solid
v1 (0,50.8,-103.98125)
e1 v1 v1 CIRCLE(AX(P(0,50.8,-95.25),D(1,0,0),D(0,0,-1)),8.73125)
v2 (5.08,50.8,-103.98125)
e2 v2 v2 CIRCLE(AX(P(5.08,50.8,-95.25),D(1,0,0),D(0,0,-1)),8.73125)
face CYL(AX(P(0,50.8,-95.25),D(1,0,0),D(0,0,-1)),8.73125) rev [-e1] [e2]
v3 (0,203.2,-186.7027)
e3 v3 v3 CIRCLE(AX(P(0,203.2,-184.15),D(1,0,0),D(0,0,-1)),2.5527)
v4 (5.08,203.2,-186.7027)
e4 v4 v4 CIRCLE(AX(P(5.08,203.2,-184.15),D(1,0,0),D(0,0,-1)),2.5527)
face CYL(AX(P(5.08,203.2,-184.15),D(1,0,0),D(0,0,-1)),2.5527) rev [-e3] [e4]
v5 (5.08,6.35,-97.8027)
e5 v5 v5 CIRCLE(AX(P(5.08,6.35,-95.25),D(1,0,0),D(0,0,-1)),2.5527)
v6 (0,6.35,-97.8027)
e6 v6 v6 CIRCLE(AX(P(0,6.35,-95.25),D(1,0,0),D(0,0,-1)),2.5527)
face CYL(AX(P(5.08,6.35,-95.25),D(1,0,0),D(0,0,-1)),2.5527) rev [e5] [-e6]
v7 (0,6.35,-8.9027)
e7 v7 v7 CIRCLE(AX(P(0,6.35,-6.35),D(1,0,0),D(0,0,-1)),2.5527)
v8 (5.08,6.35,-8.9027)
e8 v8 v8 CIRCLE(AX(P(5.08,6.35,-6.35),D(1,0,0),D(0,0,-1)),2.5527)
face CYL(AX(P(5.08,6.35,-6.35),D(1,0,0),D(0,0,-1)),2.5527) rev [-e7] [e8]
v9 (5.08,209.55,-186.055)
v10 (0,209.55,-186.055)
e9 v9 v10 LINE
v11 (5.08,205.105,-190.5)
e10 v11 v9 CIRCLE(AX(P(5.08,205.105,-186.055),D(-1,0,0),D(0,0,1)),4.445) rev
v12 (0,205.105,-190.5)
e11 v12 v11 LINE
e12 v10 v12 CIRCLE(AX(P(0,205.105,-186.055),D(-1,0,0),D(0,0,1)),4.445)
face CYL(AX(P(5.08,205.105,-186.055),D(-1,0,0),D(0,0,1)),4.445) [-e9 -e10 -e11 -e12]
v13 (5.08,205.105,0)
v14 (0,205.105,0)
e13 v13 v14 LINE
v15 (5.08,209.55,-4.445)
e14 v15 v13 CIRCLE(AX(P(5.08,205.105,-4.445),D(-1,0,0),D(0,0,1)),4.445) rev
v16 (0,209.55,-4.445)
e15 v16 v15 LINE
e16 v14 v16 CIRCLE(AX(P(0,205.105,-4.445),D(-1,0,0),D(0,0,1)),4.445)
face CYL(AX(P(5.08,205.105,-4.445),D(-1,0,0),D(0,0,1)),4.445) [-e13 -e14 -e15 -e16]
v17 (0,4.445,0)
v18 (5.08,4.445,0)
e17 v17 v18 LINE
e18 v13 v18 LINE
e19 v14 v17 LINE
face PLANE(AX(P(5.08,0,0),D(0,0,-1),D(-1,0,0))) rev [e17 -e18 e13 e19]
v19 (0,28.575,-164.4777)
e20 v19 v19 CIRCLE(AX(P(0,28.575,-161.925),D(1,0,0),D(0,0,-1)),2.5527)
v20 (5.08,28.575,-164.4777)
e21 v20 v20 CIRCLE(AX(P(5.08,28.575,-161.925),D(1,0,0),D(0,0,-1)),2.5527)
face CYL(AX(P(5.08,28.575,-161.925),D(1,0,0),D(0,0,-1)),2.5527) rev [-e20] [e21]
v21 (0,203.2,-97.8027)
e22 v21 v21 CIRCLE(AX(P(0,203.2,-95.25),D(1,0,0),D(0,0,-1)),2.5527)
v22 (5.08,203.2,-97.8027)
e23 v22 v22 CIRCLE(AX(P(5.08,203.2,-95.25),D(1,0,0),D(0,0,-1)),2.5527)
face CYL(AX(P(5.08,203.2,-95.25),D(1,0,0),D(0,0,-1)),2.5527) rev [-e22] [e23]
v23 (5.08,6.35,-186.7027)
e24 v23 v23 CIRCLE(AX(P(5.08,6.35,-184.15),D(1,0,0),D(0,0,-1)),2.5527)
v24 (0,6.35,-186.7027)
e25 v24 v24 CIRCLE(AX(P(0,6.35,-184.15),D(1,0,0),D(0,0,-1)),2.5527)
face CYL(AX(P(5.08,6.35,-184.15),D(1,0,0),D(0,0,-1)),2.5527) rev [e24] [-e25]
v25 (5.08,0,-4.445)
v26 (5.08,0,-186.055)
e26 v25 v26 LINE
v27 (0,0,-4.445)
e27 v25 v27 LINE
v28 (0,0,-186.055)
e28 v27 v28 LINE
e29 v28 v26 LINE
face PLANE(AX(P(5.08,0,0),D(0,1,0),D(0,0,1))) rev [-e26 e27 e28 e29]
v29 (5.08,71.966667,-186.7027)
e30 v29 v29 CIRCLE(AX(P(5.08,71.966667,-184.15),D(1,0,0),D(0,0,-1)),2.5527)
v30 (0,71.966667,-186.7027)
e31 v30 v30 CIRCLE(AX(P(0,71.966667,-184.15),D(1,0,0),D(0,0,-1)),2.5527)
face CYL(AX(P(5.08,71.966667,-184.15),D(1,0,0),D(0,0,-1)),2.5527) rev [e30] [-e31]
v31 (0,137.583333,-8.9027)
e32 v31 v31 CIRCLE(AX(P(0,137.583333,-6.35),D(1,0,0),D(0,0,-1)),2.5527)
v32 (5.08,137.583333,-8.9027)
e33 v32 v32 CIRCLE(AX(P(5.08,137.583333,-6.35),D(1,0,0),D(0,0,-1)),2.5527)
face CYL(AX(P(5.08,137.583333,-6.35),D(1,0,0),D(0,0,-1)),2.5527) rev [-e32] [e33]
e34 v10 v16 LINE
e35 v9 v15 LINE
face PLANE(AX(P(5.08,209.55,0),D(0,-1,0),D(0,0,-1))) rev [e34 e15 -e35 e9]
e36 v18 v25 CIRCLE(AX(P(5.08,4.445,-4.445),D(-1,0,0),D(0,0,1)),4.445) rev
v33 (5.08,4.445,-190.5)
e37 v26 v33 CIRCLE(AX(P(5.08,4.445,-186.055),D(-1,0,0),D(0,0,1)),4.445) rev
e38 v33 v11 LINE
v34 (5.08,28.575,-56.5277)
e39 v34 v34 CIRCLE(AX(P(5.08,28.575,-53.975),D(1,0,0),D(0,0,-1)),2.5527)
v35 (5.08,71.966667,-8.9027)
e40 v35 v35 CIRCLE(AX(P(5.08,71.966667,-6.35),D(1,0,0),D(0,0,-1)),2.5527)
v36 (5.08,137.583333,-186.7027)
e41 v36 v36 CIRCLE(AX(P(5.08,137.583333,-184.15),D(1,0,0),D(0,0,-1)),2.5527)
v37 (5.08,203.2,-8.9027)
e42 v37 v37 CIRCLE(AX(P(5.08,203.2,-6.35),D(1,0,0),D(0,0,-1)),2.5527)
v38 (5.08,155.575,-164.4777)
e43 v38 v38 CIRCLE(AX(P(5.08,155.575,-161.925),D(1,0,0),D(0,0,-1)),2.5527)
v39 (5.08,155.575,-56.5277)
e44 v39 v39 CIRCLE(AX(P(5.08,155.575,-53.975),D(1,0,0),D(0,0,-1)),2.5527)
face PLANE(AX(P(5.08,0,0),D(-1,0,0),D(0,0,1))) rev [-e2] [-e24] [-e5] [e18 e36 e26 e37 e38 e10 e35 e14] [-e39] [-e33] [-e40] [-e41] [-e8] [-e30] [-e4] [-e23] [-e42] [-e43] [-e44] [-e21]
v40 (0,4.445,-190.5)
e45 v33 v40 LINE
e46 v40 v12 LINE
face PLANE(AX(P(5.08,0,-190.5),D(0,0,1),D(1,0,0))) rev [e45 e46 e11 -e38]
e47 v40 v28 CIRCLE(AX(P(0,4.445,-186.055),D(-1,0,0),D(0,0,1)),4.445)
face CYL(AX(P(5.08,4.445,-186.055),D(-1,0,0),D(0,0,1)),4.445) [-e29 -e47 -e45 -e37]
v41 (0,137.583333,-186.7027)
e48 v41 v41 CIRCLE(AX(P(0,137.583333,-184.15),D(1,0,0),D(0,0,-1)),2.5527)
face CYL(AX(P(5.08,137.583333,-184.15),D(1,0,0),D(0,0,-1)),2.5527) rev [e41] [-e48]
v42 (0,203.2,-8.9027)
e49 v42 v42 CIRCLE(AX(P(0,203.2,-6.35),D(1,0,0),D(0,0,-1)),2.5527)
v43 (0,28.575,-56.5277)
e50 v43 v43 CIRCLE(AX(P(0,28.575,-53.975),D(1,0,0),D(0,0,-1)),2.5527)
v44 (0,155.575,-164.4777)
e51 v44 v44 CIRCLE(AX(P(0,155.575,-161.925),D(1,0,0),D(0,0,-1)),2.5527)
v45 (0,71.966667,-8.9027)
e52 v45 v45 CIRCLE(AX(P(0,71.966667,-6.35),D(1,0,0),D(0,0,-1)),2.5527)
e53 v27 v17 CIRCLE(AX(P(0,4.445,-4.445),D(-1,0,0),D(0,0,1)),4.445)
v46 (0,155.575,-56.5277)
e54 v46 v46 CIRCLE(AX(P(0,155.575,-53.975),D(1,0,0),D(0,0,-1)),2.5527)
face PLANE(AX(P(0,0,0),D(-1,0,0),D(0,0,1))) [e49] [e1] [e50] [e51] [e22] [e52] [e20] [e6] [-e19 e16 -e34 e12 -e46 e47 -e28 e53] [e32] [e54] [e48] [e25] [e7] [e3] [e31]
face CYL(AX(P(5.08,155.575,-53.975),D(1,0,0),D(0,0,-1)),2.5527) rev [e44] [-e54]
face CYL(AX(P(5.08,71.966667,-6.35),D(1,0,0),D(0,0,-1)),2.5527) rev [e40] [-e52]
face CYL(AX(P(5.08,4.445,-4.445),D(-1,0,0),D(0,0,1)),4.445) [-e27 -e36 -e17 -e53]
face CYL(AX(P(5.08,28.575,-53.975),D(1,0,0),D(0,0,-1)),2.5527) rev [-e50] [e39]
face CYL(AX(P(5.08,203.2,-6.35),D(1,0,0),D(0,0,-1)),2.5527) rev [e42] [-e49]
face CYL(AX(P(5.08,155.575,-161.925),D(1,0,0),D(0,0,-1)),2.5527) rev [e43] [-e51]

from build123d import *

# Parameters (mm, degrees)
SKETCH1_W              = 190.5
SKETCH1_H              = 209.55
BOSS_EXTRUDE2_DEPTH    = 5.08
SKETCH2_R              = 8.73125
CUT_EXTRUDE1_DEPTH     = 6.08
F_10_CLEARANCE_HOLE2_D = 5.1054
FILLET1_R              = 4.445
F_10_CLEARANCE_HOLE1_D = 5.1054


with BuildPart() as part:
    # Sketch1 → Boss-Extrude2 (new body)
    with BuildSketch(Plane(origin=(0, 0, 0), x_dir=(0, 0, -1), z_dir=(1, 0, 0))):
        with Locations((95.25, 104.775)):
            Rectangle(SKETCH1_W, SKETCH1_H)
    extrude(amount=BOSS_EXTRUDE2_DEPTH)

    # Sketch2 → Cut-Extrude1 (cut, through all)
    with BuildSketch(Plane(origin=(5.08, 0, 0), x_dir=(0, 0, -1), z_dir=(1, 0, 0))):
        with Locations((95.25, 50.8)):
            Circle(SKETCH2_R)
    extrude(amount=-CUT_EXTRUDE1_DEPTH, mode=Mode.SUBTRACT)

    # #10 Clearance Hole2 (through all)
    with Locations(Plane(origin=(5.08, 0, 0), x_dir=(0, 0, -1), z_dir=(1, 0, 0))):
        with Locations((53.975, 28.575), (53.975, 155.575), (161.925, 155.575), (161.925, 28.575)):
            Hole(F_10_CLEARANCE_HOLE2_D / 2)

    # Fillet1
    fillet1_edges = [part.edges().sort_by_distance(p)[0] for p in [
        (2.54, 209.55, 0),
        (2.54, 209.55, -190.5),
        (2.54, 0, -190.5),
        (2.54, 0, 0),
    ]]
    fillet(fillet1_edges, radius=FILLET1_R)

    # #10 Clearance Hole1 (through all)
    with Locations(Plane(origin=(5.08, 0, 0), x_dir=(0, 0, -1), z_dir=(1, 0, 0))):
        with Locations((6.35, 203.2), (184.15, 6.35), (6.35, 6.35), (184.15, 203.2), (95.25, 6.35), (95.25, 203.2), (6.35, 137.583333333), (6.35, 71.966666667), (184.15, 71.966666667), (184.15, 137.583333333)):
            Hole(F_10_CLEARANCE_HOLE1_D / 2)


solid = part.part
